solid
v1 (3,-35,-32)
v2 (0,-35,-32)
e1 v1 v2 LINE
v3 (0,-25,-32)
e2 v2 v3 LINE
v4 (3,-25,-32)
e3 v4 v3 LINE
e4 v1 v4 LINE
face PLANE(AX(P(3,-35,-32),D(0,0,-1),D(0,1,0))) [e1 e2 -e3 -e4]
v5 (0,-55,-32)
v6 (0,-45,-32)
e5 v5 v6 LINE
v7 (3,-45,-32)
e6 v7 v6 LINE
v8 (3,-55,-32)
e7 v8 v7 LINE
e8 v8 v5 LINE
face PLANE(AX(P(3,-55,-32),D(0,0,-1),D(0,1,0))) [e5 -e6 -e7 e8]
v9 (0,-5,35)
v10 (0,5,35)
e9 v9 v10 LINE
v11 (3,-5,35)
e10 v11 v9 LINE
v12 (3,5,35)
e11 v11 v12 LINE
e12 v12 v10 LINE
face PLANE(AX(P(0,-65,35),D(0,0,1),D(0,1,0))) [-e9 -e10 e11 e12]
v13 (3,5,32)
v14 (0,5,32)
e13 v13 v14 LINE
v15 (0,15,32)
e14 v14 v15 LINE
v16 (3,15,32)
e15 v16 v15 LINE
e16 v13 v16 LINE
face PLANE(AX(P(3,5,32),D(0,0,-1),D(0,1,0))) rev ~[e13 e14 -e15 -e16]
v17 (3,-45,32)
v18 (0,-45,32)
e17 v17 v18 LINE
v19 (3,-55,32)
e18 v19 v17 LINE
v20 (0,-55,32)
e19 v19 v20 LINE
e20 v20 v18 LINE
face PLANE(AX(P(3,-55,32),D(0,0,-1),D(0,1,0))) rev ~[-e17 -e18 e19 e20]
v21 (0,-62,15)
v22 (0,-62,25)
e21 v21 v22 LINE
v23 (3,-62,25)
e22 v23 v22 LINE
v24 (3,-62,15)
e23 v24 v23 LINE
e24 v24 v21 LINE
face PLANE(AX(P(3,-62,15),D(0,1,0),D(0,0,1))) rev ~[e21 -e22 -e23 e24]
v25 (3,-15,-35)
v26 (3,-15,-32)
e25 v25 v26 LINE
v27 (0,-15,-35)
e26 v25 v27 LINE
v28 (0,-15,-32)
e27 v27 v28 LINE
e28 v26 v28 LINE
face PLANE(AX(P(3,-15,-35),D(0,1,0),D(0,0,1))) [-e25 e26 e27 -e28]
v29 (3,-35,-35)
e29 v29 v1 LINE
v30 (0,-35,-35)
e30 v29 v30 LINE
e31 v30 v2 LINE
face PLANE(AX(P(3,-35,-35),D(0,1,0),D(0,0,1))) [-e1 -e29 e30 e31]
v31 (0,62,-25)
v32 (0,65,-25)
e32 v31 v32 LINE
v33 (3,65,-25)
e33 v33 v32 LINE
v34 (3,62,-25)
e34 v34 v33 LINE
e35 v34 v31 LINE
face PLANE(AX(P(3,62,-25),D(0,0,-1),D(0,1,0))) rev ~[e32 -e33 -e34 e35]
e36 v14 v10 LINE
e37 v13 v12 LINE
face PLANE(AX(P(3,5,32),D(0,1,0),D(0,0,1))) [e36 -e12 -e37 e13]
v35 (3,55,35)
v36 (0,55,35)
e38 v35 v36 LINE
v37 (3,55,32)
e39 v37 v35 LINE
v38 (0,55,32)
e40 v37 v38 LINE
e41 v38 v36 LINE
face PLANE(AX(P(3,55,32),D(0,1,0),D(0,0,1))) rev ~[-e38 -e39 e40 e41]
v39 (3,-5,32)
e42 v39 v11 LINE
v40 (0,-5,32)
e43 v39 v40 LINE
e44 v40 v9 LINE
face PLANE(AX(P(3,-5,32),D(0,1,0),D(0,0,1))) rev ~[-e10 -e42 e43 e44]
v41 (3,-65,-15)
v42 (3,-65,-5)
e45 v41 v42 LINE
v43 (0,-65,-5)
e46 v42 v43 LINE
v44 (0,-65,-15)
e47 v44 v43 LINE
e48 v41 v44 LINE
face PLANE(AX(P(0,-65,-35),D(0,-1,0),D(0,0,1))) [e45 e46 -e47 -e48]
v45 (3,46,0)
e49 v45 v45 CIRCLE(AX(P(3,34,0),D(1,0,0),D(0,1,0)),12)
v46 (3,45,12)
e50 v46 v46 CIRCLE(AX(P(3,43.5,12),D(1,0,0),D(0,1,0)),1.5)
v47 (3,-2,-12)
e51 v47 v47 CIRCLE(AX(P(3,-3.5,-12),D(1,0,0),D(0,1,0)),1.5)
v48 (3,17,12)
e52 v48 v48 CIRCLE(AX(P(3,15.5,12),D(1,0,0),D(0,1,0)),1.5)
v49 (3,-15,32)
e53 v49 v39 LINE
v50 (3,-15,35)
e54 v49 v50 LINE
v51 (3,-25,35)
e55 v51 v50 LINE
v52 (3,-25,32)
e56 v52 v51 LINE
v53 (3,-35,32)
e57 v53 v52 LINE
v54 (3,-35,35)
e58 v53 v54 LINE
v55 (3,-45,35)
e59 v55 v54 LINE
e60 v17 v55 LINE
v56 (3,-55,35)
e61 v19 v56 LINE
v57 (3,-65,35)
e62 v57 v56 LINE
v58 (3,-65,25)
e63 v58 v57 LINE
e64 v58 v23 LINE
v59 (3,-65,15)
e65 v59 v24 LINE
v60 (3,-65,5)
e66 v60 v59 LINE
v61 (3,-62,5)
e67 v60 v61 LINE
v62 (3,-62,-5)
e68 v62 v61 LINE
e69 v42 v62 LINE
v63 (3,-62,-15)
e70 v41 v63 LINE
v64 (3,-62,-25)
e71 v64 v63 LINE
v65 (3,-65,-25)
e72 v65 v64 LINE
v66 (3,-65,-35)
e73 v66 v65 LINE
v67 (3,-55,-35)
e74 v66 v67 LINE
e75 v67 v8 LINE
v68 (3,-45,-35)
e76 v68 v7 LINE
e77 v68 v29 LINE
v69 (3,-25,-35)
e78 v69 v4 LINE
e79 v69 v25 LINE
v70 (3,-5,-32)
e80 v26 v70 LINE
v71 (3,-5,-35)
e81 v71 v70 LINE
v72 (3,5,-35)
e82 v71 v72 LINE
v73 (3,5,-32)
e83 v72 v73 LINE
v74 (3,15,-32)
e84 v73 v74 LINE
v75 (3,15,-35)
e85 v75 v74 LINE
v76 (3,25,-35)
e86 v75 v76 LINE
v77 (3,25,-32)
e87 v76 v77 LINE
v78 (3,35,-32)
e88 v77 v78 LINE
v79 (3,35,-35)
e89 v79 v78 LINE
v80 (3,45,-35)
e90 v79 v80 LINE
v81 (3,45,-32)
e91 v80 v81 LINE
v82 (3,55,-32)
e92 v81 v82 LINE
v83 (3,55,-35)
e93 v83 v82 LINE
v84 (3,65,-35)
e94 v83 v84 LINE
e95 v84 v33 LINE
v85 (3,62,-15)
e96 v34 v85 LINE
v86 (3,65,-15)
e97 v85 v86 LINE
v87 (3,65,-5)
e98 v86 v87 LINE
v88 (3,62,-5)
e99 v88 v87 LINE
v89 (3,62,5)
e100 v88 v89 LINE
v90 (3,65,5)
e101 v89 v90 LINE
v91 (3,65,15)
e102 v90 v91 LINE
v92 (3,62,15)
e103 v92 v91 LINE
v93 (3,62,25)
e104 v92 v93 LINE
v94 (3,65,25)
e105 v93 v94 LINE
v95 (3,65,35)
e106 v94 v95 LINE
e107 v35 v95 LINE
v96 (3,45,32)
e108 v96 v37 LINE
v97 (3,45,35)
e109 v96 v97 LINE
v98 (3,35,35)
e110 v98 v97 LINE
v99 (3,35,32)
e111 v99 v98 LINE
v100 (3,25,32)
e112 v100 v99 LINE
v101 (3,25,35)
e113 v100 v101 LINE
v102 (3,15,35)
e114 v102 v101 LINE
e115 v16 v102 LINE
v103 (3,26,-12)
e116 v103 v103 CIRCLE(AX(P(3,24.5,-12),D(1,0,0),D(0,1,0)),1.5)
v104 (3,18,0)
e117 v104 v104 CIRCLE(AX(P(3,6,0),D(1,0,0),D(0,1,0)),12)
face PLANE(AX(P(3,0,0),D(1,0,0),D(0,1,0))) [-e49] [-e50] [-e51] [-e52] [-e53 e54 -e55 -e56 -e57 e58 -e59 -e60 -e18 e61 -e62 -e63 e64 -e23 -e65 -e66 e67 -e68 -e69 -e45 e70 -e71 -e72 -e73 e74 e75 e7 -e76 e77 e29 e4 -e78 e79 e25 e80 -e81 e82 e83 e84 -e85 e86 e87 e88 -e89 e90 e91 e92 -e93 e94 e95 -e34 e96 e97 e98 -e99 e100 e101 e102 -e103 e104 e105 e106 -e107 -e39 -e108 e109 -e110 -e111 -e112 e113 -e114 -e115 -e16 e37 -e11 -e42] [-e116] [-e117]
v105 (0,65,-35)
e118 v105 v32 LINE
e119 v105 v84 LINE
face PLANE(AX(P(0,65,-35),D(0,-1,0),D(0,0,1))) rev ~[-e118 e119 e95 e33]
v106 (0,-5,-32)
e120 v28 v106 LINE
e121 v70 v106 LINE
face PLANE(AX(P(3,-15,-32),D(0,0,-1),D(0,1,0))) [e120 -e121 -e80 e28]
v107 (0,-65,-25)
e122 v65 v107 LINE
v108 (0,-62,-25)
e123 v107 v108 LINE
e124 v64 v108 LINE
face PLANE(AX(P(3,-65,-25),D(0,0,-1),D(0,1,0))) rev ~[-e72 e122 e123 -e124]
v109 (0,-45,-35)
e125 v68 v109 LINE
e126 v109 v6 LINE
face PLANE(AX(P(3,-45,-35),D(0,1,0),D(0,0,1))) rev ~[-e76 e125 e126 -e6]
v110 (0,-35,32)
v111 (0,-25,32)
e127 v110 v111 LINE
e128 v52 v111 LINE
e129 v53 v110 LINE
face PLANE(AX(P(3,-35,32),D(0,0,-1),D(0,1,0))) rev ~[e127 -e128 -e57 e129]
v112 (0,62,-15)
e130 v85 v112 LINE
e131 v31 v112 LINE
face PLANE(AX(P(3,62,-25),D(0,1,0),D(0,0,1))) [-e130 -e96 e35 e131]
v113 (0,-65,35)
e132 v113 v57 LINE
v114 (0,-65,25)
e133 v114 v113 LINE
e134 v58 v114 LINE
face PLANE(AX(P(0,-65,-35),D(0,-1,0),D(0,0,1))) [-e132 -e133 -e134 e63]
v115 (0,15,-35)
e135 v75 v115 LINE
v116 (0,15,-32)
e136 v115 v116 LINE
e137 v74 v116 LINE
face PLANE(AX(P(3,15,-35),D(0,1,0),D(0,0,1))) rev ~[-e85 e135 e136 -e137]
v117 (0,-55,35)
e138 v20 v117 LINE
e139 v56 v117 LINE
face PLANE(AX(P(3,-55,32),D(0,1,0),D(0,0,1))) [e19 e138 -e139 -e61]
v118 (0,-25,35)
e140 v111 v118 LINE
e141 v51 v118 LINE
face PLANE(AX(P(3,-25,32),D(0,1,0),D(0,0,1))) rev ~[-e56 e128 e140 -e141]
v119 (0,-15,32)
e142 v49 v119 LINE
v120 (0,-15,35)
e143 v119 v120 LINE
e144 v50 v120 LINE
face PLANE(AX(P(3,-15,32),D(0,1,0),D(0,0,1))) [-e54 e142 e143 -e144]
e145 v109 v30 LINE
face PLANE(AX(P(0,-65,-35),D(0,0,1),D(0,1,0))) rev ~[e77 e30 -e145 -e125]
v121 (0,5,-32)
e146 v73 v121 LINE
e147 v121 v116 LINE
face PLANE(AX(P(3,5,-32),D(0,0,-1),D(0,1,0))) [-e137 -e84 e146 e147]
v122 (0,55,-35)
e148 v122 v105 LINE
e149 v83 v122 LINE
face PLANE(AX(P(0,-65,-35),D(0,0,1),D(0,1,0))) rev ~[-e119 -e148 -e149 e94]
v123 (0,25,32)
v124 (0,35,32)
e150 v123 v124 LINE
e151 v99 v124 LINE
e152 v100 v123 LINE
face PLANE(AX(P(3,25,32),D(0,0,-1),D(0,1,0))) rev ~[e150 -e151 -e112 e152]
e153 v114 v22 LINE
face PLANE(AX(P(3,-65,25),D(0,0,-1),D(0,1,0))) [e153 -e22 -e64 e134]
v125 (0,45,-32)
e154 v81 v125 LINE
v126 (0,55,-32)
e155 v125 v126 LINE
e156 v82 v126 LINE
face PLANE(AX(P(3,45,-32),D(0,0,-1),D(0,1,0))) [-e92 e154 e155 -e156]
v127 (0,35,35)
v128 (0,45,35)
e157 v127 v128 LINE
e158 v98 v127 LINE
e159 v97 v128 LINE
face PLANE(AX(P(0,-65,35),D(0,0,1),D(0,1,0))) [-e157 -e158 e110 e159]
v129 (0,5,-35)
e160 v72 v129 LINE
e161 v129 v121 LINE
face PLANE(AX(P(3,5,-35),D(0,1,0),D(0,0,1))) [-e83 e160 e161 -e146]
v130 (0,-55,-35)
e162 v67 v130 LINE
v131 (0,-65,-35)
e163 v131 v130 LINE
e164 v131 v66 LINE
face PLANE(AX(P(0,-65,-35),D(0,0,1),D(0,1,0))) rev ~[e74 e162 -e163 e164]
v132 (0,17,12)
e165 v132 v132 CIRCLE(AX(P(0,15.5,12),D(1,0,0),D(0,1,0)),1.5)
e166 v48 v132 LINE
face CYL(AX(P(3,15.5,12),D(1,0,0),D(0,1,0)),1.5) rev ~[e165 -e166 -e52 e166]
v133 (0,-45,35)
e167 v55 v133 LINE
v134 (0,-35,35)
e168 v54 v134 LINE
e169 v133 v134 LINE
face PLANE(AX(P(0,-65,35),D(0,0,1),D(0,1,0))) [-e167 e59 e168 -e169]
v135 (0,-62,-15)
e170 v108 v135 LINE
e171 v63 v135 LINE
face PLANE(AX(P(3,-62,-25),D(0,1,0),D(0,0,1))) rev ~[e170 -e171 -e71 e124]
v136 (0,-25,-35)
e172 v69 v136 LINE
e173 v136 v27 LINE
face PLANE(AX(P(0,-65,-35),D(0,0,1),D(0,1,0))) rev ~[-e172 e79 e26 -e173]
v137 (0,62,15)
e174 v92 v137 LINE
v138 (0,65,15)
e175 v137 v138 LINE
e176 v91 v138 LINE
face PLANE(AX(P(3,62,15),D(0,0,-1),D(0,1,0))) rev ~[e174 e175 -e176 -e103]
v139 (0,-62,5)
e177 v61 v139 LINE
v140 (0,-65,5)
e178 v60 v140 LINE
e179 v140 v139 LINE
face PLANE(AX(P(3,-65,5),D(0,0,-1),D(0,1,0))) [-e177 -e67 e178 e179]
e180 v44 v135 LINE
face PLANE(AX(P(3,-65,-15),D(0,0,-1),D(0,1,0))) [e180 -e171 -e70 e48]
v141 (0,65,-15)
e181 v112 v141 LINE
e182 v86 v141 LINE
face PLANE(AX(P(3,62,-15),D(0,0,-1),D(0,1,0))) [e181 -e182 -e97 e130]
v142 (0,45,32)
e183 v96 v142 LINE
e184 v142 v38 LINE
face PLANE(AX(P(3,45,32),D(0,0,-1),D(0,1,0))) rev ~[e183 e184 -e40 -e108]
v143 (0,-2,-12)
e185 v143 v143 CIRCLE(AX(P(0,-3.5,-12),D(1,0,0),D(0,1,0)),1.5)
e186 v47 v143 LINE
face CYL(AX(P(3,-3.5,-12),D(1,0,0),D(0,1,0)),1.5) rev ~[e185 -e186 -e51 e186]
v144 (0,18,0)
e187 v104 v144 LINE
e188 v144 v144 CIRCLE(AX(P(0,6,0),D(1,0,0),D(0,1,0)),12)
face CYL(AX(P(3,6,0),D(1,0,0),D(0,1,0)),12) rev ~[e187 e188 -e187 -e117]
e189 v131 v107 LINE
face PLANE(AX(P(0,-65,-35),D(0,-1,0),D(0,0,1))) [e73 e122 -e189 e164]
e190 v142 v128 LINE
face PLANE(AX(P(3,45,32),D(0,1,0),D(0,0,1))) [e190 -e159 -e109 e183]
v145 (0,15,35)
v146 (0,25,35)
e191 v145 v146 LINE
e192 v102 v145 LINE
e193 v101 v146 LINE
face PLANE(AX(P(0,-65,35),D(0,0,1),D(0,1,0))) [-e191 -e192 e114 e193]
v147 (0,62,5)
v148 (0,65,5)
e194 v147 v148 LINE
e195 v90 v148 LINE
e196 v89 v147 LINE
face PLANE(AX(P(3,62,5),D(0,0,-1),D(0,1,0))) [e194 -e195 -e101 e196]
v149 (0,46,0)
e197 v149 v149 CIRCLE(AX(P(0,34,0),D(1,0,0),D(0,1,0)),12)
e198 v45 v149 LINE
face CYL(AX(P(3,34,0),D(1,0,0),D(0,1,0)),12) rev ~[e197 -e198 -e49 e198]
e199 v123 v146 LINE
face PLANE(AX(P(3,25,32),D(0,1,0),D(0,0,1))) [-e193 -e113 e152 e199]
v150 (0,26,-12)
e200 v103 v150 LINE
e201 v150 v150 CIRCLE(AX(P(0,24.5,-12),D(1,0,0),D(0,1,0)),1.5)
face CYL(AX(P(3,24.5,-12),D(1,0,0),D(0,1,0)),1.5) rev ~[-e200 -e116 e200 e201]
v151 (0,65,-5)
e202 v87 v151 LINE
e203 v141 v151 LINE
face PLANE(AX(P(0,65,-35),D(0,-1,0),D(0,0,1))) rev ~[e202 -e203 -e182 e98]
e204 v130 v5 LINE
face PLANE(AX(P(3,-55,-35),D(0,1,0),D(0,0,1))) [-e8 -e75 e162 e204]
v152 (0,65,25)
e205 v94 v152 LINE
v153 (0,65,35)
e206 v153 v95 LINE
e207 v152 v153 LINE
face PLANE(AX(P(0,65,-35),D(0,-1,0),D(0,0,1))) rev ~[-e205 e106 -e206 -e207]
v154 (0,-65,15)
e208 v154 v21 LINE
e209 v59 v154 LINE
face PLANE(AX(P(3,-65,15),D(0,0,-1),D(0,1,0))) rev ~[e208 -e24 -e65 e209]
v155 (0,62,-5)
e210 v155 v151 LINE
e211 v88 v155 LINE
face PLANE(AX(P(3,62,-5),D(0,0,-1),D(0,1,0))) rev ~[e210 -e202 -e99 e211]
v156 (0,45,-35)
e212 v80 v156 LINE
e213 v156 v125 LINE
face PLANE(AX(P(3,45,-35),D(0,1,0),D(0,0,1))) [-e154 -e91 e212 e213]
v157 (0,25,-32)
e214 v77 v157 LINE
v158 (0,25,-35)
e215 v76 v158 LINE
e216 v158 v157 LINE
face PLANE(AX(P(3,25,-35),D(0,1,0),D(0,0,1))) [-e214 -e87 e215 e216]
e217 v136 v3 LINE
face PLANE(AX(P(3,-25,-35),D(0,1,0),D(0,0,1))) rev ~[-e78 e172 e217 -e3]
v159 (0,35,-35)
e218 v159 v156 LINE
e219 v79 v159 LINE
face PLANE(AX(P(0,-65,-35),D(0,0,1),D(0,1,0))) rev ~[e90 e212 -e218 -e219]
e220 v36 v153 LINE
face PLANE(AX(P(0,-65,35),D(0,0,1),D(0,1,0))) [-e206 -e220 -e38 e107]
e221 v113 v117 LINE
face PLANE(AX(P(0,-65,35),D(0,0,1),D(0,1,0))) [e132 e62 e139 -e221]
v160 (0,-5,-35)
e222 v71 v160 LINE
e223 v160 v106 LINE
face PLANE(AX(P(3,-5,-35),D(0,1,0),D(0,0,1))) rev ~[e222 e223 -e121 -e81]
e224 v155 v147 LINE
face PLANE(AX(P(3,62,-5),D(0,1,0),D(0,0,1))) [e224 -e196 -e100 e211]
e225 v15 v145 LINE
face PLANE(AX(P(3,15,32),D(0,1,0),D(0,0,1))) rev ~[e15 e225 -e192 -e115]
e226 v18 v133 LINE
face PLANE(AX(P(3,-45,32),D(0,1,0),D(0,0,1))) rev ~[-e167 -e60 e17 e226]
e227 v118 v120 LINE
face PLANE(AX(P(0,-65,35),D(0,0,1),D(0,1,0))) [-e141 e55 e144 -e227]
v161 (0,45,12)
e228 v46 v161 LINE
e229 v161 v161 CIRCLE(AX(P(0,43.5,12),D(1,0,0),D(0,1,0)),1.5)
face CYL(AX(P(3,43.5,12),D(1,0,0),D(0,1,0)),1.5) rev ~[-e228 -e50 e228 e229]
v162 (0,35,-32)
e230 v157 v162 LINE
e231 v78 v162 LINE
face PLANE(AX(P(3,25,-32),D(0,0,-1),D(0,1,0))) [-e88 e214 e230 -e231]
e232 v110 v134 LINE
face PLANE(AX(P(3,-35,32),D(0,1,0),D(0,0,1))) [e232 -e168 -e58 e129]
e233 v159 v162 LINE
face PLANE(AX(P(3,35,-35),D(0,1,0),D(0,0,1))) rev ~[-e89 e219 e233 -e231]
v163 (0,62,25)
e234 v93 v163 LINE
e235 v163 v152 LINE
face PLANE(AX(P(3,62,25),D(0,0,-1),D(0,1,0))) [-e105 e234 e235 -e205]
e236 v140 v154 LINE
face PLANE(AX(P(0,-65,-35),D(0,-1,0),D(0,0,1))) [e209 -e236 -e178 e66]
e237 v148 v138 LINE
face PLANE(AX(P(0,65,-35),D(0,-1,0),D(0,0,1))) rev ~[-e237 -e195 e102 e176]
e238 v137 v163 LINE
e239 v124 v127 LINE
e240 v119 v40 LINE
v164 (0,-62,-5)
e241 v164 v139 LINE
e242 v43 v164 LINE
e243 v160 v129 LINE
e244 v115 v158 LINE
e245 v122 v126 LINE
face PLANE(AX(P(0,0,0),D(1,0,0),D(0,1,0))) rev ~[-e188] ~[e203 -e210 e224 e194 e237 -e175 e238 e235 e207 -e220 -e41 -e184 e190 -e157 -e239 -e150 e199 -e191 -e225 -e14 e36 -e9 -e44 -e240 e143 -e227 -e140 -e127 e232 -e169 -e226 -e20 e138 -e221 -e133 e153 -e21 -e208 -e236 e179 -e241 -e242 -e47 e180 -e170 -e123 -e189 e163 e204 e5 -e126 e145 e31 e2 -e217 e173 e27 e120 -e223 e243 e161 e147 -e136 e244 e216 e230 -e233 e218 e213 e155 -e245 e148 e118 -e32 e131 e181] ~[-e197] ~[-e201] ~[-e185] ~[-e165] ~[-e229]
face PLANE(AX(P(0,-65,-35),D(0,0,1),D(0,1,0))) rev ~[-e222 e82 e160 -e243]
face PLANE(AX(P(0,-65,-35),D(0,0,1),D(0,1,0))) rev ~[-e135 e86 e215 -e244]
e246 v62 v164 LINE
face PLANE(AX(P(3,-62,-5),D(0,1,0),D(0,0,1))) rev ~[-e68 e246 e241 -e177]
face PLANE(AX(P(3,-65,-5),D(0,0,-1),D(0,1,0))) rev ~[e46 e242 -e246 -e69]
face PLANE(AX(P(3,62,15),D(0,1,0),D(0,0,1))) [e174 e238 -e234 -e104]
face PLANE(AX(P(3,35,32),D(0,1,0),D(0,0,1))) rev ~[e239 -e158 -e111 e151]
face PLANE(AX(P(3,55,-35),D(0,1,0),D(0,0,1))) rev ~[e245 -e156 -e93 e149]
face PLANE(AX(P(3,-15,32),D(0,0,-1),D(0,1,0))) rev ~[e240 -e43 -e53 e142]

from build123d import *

# Parameters (mm, degrees)
F0_W     = 130
F0_H     = 70
F1_DEPTH = 3
F2_W     = 3
F2_H     = 10
F2_W_2   = 10
F2_H_2   = 3
F3_DEPTH = 3.001
F4_R     = 12
F4_R_2   = 1.5
F5_DEPTH = 3.001


with BuildPart() as f1:
    # F0 (on Right) → F1 (new body)
    with BuildSketch(Plane.YZ):
        Rectangle(F0_W, F0_H)
    extrude(amount=F1_DEPTH)

    # F2 (on face) → F3 (cut, through all)
    with BuildSketch(Plane.YZ.offset(3)):
        with Locations((-63.5, 20)):
            Rectangle(F2_W, F2_H)
        with Locations((-63.5, 0)):
            Rectangle(F2_W, F2_H)
        with Locations((-63.5, -20)):
            Rectangle(F2_W, F2_H)
        with Locations((63.5, 0)):
            Rectangle(F2_W, F2_H)
        with Locations((63.5, 20)):
            Rectangle(F2_W, F2_H)
        with Locations((63.5, -20)):
            Rectangle(F2_W, F2_H)
        with Locations((-50, -33.5)):
            Rectangle(F2_W_2, F2_H_2)
        with Locations((-30, -33.5)):
            Rectangle(F2_W_2, F2_H_2)
        with Locations((-10, -33.5)):
            Rectangle(F2_W_2, F2_H_2)
        with Locations((10, -33.5)):
            Rectangle(F2_W_2, F2_H_2)
        with Locations((30, -33.5)):
            Rectangle(F2_W_2, F2_H_2)
        with Locations((50, -33.5)):
            Rectangle(F2_W_2, F2_H_2)
        with Locations((-50, 33.5)):
            Rectangle(F2_W_2, F2_H_2)
        with Locations((-30, 33.5)):
            Rectangle(F2_W_2, F2_H_2)
        with Locations((50, 33.5)):
            Rectangle(F2_W_2, F2_H_2)
        with Locations((-10, 33.5)):
            Rectangle(F2_W_2, F2_H_2)
        with Locations((10, 33.5)):
            Rectangle(F2_W_2, F2_H_2)
        with Locations((30, 33.5)):
            Rectangle(F2_W_2, F2_H_2)
    extrude(amount=-F3_DEPTH, mode=Mode.SUBTRACT)

    # F4 (on face) → F5 (cut, through all)
    with BuildSketch(Plane.YZ.offset(3)):
        with Locations((34, 0)):
            Circle(F4_R)
        with Locations((43.5, 12)):
            Circle(F4_R_2)
        with Locations((24.5, -12)):
            Circle(F4_R_2)
        with Locations((6, 0)):
            Circle(F4_R)
        with Locations((-3.5, -12)):
            Circle(F4_R_2)
        with Locations((15.5, 12)):
            Circle(F4_R_2)
    extrude(amount=-F5_DEPTH, mode=Mode.SUBTRACT)


solid = f1.part
